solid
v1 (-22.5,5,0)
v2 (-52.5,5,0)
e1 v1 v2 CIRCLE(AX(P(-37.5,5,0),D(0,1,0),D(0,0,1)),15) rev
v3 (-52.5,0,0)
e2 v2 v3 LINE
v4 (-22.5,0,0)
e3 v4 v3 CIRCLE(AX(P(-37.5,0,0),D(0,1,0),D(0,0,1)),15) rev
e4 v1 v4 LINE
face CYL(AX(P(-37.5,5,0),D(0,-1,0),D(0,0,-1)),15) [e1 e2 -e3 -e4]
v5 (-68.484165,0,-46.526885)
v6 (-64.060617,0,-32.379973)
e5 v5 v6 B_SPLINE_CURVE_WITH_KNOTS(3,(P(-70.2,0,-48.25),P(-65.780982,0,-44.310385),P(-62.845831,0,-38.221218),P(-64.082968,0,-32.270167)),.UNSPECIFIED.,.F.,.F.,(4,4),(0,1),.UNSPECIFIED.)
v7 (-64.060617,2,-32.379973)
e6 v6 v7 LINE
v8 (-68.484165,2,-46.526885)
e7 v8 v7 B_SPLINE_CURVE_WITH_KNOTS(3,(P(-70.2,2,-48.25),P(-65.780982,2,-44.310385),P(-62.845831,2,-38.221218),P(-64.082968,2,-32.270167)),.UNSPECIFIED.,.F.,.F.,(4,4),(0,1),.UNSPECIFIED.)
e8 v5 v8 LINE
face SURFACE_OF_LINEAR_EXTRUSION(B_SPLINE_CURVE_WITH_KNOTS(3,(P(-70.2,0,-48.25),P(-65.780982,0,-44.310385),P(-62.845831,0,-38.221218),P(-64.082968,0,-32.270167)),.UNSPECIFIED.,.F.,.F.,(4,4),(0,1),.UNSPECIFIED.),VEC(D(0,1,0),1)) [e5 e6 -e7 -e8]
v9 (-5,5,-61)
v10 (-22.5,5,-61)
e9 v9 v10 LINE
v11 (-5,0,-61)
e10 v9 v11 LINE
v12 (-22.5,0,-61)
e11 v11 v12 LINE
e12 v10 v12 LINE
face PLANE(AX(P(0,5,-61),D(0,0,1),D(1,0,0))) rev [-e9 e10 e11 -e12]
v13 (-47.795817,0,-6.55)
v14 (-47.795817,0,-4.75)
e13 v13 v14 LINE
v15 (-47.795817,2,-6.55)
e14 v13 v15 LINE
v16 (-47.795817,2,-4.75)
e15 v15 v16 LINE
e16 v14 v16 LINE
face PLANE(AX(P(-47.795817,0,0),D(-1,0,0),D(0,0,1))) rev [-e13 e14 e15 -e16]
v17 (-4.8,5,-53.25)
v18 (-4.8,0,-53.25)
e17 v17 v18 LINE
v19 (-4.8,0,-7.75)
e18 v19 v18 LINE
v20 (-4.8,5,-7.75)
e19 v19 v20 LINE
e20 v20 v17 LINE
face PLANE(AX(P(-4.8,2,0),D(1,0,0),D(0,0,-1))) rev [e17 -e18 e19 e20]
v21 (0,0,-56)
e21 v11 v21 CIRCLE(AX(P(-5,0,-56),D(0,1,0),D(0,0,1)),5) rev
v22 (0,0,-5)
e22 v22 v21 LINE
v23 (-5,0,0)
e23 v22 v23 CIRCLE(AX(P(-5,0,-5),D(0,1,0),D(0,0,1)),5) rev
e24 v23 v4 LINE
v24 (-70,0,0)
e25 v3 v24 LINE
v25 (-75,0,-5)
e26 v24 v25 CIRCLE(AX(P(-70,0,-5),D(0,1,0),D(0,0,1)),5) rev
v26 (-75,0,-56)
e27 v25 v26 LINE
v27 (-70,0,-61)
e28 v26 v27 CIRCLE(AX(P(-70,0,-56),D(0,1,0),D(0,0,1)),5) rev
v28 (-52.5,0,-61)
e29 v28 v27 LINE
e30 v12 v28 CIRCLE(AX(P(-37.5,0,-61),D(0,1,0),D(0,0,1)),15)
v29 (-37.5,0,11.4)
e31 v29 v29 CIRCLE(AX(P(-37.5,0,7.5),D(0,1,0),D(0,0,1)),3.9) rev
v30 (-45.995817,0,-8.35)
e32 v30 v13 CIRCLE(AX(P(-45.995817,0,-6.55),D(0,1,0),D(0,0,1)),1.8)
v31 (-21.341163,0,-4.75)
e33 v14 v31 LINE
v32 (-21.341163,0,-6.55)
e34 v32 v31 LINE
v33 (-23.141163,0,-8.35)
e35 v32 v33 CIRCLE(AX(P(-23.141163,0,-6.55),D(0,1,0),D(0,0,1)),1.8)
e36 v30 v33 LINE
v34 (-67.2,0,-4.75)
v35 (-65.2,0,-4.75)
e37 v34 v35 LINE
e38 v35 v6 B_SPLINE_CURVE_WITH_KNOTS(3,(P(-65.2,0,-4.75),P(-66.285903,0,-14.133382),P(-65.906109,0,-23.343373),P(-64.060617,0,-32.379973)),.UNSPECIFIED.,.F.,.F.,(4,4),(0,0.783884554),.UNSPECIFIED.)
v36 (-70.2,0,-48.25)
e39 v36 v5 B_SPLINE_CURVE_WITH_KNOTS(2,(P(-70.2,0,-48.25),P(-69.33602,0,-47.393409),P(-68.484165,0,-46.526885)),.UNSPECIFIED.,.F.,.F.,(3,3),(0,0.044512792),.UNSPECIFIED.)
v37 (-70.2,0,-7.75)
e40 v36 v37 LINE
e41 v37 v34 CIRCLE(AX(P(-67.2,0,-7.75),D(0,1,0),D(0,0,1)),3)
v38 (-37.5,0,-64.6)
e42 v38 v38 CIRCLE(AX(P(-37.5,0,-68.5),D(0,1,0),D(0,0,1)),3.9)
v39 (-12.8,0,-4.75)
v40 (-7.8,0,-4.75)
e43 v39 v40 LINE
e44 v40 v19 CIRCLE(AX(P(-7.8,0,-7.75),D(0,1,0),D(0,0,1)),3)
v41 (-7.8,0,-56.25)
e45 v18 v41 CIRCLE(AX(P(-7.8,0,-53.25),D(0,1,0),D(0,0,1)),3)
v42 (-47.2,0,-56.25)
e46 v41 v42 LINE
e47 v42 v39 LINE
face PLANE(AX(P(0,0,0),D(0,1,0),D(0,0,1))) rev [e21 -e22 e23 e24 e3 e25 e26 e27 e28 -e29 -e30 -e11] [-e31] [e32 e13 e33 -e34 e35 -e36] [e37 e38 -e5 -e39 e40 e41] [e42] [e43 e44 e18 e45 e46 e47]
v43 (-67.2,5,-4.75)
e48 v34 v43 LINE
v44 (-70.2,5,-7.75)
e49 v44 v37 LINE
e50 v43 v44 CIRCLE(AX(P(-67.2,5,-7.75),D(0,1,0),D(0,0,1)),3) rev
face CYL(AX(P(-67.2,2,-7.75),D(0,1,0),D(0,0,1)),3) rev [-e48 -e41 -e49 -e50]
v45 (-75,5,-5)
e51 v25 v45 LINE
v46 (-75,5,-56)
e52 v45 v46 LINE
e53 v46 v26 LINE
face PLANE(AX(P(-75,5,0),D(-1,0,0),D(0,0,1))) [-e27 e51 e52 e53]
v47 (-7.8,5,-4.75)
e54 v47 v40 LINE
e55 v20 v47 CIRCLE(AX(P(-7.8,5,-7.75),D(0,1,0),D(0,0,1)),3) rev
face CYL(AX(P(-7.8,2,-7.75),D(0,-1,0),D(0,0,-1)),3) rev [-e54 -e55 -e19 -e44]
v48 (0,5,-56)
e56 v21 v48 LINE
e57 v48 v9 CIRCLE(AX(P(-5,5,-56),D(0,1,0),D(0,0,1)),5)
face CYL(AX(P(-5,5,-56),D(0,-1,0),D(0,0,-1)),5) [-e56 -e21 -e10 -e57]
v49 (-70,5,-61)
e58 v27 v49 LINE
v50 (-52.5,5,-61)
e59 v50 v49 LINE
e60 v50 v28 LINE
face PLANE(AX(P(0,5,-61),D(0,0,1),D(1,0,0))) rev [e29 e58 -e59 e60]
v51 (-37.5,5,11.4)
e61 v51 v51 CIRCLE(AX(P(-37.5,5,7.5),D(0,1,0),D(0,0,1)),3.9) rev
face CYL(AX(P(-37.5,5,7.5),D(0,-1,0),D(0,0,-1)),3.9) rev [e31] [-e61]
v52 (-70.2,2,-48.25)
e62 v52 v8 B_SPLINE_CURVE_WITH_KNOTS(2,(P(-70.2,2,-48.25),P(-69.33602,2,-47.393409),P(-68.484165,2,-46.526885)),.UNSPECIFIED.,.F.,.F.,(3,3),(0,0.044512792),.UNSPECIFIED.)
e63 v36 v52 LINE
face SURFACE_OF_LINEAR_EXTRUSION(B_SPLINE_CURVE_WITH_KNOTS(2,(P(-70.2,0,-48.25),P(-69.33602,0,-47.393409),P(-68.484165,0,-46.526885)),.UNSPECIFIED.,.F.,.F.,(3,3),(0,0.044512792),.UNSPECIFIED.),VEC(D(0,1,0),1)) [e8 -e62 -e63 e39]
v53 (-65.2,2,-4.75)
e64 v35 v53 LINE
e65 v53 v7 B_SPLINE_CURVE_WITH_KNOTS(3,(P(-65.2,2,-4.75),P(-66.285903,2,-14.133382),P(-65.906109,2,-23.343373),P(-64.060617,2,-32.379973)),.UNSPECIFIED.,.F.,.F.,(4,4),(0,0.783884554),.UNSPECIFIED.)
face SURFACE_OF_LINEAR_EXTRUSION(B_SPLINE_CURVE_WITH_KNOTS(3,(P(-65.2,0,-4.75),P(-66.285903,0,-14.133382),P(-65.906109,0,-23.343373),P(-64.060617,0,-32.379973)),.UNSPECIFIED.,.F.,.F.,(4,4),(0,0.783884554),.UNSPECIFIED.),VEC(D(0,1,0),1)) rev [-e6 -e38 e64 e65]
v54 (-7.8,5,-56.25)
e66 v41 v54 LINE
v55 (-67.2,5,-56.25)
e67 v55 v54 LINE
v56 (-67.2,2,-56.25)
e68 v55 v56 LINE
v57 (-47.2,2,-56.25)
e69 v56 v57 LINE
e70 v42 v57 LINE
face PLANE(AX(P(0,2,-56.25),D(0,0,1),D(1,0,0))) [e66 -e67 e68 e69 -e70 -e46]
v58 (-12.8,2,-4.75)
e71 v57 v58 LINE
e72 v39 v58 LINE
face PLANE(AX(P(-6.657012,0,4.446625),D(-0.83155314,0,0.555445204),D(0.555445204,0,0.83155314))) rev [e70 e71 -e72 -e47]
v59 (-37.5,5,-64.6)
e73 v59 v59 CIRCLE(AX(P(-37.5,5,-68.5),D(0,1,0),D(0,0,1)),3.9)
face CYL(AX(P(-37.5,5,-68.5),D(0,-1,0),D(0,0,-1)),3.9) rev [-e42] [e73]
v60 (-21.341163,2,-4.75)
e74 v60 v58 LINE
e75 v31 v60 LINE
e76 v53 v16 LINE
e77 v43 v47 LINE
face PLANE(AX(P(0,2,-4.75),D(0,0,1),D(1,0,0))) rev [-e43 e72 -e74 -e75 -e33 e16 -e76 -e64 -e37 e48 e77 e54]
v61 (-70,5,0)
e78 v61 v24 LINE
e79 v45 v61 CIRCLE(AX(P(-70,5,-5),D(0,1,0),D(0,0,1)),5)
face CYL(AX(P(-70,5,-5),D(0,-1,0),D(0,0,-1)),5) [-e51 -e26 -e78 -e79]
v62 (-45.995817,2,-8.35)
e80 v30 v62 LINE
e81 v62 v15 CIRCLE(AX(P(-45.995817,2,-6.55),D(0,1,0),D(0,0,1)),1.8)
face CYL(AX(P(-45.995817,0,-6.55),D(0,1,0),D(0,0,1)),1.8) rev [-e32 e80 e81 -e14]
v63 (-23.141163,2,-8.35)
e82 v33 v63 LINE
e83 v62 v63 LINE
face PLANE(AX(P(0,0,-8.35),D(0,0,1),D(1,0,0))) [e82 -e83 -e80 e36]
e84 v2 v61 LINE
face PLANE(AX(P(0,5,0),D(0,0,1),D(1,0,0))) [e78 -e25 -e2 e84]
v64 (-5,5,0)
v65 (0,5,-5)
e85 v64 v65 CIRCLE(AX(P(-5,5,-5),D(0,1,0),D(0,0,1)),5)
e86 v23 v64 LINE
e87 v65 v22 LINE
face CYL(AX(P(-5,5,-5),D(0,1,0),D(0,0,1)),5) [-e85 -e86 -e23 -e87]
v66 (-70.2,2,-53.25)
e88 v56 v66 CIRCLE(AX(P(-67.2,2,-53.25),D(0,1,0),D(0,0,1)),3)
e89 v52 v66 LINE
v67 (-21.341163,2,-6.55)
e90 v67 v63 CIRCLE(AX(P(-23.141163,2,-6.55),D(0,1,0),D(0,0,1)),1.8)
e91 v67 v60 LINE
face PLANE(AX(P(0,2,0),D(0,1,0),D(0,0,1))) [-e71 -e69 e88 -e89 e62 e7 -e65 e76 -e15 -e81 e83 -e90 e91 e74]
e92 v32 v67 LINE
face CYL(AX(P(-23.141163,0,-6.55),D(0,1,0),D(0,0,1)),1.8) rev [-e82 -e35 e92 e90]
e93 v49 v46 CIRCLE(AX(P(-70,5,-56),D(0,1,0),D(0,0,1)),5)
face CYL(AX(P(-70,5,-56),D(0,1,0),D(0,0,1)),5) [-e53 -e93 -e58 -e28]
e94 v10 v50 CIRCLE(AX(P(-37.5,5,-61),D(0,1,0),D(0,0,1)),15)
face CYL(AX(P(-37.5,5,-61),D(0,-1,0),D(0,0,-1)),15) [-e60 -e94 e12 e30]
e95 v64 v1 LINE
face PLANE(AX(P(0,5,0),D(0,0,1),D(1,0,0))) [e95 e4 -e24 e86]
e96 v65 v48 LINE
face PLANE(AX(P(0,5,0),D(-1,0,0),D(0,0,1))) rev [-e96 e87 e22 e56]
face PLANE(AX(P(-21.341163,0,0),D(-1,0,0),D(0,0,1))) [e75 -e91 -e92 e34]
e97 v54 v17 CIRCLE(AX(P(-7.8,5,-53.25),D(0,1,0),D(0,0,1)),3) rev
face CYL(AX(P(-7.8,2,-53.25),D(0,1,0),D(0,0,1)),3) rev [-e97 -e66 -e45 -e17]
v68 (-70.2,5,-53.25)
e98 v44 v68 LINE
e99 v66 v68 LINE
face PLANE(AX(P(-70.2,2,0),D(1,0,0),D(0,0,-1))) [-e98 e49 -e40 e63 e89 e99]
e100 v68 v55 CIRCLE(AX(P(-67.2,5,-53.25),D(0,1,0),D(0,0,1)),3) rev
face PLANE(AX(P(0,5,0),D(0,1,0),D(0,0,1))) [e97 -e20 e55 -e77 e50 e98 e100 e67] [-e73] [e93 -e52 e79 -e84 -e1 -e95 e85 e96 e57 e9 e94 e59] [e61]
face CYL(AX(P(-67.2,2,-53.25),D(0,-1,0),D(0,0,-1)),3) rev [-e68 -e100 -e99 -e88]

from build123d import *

# Parameters (mm, degrees)
SKETCH1_R           = 3.9
BOSS_EXTRUDE1_DEPTH = 5
CUT_EXTRUDE1_DEPTH  = 3
CUT_EXTRUDE2_DEPTH  = 3
FILLET1_R           = 5
FILLET2_R           = 3


with BuildPart() as part:
    # Sketch1 → Boss-Extrude1 (new body)
    with BuildSketch(Plane(origin=(0, 0, 0), x_dir=(1, 0, 0), z_dir=(0, 1, 0))):
        with BuildLine():
            ThreePointArc((-22.5, 61), (-37.5, 76), (-52.5, 61))
            Line((-52.5, 61), (-75, 61))
            Line((-75, 61), (-75, 0))
            Line((-75, 0), (-52.5, 0))
            ThreePointArc((-52.5, 0), (-37.5, -15), (-22.5, 0))
            Line((-22.5, 0), (0, 0))
            Line((0, 0), (0, 61))
            Line((0, 61), (-22.5, 61))
        make_face()
        with Locations((-37.5, 68.5)):
            Circle(SKETCH1_R, mode=Mode.SUBTRACT)
        with Locations((-37.5, -7.5)):
            Circle(SKETCH1_R, mode=Mode.SUBTRACT)
    extrude(amount=BOSS_EXTRUDE1_DEPTH)

    # Sketch2 → Cut-Extrude1 (cut)
    with BuildSketch(Plane(origin=(0, 5, 0), x_dir=(1, 0, 0), z_dir=(0, 1, 0))):
        Polygon((-5.840163934, 4.75), (-69.159836066, 56.25), (-70.2, 56.25), (-70.2, 4.75), align=None)
        Polygon((-4.8, 56.25), (-69.159836066, 56.25), (-5.840163934, 4.75), (-4.8, 4.75), align=None)
    extrude(amount=-CUT_EXTRUDE1_DEPTH, mode=Mode.SUBTRACT)

    # Sketch3 → Cut-Extrude2 (cut, through all)
    with BuildSketch(Plane(origin=(0, 2, 0), x_dir=(1, 0, 0), z_dir=(0, 1, 0))):
        with BuildLine():
            add(Edge.make_bspline(
                [(-70.2, 48.25), (-69.3360202, 47.393408535), (-68.484165296, 46.526885218)],
                knots=[0, 0, 0, 0.044512792, 0.044512792, 0.044512792], degree=2))
            Line((-70.2, 48.25), (-70.2, 4.75))
            Line((-70.2, 4.75), (-65.2, 4.75))
            add(Edge.make_bspline(
                [(-65.2, 4.75), (-66.281505433, 14.095378491), (-65.909161294, 23.268767529), (-64.082967584, 32.270167116)],
                knots=[0, 0, 0, 0, 0.780709758, 0.780709758, 0.780709758, 0.780709758], degree=3))
            add(Edge.make_bspline(
                [(-64.082967584, 32.270167116), (-64.075541276, 32.30677176), (-64.068090925, 32.343373559), (-64.060616532, 32.379972514)],
                knots=[0.780709758, 0.780709758, 0.780709758, 0.780709758, 0.783884554, 0.783884554, 0.783884554, 0.783884554], degree=3))
            add(Edge.make_bspline(
                [(-68.484165296, 46.526885218), (-65.083389168, 42.682237292), (-63.043469729, 37.485478449), (-64.060616531, 32.379972514)],
                knots=[0.136165996, 0.136165996, 0.136165996, 0.136165996, 0.993850371, 0.993850371, 0.993850371, 0.993850371], degree=3))
        make_face()
        Polygon((-12.8, 56.25), (-47.2, 56.25), (-12.8, 4.75), (-4.8, 4.75), (-4.8, 56.25), align=None)
        with BuildLine():
            Line((-23.141162666, 4.75), (-21.341162666, 4.75))
            Line((-21.341162666, 4.75), (-21.341162666, 6.55))
            ThreePointArc((-21.341162666, 6.55), (-21.86837046, 7.822792206), (-23.141162666, 8.35))
            Line((-23.141162666, 8.35), (-45.995816889, 8.35))
            ThreePointArc((-45.995816889, 8.35), (-47.268609095, 7.822792206), (-47.795816889, 6.55))
            Line((-47.795816889, 6.55), (-47.795816889, 4.75))
            Line((-47.795816889, 4.75), (-45.995816889, 4.75))
            Line((-45.995816889, 4.75), (-23.141162666, 4.75))
        make_face()
    extrude(amount=-CUT_EXTRUDE2_DEPTH, mode=Mode.SUBTRACT)

    # Fillet1
    fillet1_edges = [part.edges().sort_by_distance(p)[0] for p in [
        (-75, 2.5, -61),
        (0, 2.5, -61),
        (0, 2.5, 0),
        (-75, 2.5, 0),
    ]]
    fillet(fillet1_edges, radius=FILLET1_R)

    # Fillet2
    fillet2_edges = [part.edges().sort_by_distance(p)[0] for p in [
        (-70.2, 3.5, -56.25),
        (-4.8, 2.5, -56.25),
        (-4.8, 2.5, -4.75),
        (-70.2, 2.5, -4.75),
    ]]
    fillet(fillet2_edges, radius=FILLET2_R)


solid = part.part
